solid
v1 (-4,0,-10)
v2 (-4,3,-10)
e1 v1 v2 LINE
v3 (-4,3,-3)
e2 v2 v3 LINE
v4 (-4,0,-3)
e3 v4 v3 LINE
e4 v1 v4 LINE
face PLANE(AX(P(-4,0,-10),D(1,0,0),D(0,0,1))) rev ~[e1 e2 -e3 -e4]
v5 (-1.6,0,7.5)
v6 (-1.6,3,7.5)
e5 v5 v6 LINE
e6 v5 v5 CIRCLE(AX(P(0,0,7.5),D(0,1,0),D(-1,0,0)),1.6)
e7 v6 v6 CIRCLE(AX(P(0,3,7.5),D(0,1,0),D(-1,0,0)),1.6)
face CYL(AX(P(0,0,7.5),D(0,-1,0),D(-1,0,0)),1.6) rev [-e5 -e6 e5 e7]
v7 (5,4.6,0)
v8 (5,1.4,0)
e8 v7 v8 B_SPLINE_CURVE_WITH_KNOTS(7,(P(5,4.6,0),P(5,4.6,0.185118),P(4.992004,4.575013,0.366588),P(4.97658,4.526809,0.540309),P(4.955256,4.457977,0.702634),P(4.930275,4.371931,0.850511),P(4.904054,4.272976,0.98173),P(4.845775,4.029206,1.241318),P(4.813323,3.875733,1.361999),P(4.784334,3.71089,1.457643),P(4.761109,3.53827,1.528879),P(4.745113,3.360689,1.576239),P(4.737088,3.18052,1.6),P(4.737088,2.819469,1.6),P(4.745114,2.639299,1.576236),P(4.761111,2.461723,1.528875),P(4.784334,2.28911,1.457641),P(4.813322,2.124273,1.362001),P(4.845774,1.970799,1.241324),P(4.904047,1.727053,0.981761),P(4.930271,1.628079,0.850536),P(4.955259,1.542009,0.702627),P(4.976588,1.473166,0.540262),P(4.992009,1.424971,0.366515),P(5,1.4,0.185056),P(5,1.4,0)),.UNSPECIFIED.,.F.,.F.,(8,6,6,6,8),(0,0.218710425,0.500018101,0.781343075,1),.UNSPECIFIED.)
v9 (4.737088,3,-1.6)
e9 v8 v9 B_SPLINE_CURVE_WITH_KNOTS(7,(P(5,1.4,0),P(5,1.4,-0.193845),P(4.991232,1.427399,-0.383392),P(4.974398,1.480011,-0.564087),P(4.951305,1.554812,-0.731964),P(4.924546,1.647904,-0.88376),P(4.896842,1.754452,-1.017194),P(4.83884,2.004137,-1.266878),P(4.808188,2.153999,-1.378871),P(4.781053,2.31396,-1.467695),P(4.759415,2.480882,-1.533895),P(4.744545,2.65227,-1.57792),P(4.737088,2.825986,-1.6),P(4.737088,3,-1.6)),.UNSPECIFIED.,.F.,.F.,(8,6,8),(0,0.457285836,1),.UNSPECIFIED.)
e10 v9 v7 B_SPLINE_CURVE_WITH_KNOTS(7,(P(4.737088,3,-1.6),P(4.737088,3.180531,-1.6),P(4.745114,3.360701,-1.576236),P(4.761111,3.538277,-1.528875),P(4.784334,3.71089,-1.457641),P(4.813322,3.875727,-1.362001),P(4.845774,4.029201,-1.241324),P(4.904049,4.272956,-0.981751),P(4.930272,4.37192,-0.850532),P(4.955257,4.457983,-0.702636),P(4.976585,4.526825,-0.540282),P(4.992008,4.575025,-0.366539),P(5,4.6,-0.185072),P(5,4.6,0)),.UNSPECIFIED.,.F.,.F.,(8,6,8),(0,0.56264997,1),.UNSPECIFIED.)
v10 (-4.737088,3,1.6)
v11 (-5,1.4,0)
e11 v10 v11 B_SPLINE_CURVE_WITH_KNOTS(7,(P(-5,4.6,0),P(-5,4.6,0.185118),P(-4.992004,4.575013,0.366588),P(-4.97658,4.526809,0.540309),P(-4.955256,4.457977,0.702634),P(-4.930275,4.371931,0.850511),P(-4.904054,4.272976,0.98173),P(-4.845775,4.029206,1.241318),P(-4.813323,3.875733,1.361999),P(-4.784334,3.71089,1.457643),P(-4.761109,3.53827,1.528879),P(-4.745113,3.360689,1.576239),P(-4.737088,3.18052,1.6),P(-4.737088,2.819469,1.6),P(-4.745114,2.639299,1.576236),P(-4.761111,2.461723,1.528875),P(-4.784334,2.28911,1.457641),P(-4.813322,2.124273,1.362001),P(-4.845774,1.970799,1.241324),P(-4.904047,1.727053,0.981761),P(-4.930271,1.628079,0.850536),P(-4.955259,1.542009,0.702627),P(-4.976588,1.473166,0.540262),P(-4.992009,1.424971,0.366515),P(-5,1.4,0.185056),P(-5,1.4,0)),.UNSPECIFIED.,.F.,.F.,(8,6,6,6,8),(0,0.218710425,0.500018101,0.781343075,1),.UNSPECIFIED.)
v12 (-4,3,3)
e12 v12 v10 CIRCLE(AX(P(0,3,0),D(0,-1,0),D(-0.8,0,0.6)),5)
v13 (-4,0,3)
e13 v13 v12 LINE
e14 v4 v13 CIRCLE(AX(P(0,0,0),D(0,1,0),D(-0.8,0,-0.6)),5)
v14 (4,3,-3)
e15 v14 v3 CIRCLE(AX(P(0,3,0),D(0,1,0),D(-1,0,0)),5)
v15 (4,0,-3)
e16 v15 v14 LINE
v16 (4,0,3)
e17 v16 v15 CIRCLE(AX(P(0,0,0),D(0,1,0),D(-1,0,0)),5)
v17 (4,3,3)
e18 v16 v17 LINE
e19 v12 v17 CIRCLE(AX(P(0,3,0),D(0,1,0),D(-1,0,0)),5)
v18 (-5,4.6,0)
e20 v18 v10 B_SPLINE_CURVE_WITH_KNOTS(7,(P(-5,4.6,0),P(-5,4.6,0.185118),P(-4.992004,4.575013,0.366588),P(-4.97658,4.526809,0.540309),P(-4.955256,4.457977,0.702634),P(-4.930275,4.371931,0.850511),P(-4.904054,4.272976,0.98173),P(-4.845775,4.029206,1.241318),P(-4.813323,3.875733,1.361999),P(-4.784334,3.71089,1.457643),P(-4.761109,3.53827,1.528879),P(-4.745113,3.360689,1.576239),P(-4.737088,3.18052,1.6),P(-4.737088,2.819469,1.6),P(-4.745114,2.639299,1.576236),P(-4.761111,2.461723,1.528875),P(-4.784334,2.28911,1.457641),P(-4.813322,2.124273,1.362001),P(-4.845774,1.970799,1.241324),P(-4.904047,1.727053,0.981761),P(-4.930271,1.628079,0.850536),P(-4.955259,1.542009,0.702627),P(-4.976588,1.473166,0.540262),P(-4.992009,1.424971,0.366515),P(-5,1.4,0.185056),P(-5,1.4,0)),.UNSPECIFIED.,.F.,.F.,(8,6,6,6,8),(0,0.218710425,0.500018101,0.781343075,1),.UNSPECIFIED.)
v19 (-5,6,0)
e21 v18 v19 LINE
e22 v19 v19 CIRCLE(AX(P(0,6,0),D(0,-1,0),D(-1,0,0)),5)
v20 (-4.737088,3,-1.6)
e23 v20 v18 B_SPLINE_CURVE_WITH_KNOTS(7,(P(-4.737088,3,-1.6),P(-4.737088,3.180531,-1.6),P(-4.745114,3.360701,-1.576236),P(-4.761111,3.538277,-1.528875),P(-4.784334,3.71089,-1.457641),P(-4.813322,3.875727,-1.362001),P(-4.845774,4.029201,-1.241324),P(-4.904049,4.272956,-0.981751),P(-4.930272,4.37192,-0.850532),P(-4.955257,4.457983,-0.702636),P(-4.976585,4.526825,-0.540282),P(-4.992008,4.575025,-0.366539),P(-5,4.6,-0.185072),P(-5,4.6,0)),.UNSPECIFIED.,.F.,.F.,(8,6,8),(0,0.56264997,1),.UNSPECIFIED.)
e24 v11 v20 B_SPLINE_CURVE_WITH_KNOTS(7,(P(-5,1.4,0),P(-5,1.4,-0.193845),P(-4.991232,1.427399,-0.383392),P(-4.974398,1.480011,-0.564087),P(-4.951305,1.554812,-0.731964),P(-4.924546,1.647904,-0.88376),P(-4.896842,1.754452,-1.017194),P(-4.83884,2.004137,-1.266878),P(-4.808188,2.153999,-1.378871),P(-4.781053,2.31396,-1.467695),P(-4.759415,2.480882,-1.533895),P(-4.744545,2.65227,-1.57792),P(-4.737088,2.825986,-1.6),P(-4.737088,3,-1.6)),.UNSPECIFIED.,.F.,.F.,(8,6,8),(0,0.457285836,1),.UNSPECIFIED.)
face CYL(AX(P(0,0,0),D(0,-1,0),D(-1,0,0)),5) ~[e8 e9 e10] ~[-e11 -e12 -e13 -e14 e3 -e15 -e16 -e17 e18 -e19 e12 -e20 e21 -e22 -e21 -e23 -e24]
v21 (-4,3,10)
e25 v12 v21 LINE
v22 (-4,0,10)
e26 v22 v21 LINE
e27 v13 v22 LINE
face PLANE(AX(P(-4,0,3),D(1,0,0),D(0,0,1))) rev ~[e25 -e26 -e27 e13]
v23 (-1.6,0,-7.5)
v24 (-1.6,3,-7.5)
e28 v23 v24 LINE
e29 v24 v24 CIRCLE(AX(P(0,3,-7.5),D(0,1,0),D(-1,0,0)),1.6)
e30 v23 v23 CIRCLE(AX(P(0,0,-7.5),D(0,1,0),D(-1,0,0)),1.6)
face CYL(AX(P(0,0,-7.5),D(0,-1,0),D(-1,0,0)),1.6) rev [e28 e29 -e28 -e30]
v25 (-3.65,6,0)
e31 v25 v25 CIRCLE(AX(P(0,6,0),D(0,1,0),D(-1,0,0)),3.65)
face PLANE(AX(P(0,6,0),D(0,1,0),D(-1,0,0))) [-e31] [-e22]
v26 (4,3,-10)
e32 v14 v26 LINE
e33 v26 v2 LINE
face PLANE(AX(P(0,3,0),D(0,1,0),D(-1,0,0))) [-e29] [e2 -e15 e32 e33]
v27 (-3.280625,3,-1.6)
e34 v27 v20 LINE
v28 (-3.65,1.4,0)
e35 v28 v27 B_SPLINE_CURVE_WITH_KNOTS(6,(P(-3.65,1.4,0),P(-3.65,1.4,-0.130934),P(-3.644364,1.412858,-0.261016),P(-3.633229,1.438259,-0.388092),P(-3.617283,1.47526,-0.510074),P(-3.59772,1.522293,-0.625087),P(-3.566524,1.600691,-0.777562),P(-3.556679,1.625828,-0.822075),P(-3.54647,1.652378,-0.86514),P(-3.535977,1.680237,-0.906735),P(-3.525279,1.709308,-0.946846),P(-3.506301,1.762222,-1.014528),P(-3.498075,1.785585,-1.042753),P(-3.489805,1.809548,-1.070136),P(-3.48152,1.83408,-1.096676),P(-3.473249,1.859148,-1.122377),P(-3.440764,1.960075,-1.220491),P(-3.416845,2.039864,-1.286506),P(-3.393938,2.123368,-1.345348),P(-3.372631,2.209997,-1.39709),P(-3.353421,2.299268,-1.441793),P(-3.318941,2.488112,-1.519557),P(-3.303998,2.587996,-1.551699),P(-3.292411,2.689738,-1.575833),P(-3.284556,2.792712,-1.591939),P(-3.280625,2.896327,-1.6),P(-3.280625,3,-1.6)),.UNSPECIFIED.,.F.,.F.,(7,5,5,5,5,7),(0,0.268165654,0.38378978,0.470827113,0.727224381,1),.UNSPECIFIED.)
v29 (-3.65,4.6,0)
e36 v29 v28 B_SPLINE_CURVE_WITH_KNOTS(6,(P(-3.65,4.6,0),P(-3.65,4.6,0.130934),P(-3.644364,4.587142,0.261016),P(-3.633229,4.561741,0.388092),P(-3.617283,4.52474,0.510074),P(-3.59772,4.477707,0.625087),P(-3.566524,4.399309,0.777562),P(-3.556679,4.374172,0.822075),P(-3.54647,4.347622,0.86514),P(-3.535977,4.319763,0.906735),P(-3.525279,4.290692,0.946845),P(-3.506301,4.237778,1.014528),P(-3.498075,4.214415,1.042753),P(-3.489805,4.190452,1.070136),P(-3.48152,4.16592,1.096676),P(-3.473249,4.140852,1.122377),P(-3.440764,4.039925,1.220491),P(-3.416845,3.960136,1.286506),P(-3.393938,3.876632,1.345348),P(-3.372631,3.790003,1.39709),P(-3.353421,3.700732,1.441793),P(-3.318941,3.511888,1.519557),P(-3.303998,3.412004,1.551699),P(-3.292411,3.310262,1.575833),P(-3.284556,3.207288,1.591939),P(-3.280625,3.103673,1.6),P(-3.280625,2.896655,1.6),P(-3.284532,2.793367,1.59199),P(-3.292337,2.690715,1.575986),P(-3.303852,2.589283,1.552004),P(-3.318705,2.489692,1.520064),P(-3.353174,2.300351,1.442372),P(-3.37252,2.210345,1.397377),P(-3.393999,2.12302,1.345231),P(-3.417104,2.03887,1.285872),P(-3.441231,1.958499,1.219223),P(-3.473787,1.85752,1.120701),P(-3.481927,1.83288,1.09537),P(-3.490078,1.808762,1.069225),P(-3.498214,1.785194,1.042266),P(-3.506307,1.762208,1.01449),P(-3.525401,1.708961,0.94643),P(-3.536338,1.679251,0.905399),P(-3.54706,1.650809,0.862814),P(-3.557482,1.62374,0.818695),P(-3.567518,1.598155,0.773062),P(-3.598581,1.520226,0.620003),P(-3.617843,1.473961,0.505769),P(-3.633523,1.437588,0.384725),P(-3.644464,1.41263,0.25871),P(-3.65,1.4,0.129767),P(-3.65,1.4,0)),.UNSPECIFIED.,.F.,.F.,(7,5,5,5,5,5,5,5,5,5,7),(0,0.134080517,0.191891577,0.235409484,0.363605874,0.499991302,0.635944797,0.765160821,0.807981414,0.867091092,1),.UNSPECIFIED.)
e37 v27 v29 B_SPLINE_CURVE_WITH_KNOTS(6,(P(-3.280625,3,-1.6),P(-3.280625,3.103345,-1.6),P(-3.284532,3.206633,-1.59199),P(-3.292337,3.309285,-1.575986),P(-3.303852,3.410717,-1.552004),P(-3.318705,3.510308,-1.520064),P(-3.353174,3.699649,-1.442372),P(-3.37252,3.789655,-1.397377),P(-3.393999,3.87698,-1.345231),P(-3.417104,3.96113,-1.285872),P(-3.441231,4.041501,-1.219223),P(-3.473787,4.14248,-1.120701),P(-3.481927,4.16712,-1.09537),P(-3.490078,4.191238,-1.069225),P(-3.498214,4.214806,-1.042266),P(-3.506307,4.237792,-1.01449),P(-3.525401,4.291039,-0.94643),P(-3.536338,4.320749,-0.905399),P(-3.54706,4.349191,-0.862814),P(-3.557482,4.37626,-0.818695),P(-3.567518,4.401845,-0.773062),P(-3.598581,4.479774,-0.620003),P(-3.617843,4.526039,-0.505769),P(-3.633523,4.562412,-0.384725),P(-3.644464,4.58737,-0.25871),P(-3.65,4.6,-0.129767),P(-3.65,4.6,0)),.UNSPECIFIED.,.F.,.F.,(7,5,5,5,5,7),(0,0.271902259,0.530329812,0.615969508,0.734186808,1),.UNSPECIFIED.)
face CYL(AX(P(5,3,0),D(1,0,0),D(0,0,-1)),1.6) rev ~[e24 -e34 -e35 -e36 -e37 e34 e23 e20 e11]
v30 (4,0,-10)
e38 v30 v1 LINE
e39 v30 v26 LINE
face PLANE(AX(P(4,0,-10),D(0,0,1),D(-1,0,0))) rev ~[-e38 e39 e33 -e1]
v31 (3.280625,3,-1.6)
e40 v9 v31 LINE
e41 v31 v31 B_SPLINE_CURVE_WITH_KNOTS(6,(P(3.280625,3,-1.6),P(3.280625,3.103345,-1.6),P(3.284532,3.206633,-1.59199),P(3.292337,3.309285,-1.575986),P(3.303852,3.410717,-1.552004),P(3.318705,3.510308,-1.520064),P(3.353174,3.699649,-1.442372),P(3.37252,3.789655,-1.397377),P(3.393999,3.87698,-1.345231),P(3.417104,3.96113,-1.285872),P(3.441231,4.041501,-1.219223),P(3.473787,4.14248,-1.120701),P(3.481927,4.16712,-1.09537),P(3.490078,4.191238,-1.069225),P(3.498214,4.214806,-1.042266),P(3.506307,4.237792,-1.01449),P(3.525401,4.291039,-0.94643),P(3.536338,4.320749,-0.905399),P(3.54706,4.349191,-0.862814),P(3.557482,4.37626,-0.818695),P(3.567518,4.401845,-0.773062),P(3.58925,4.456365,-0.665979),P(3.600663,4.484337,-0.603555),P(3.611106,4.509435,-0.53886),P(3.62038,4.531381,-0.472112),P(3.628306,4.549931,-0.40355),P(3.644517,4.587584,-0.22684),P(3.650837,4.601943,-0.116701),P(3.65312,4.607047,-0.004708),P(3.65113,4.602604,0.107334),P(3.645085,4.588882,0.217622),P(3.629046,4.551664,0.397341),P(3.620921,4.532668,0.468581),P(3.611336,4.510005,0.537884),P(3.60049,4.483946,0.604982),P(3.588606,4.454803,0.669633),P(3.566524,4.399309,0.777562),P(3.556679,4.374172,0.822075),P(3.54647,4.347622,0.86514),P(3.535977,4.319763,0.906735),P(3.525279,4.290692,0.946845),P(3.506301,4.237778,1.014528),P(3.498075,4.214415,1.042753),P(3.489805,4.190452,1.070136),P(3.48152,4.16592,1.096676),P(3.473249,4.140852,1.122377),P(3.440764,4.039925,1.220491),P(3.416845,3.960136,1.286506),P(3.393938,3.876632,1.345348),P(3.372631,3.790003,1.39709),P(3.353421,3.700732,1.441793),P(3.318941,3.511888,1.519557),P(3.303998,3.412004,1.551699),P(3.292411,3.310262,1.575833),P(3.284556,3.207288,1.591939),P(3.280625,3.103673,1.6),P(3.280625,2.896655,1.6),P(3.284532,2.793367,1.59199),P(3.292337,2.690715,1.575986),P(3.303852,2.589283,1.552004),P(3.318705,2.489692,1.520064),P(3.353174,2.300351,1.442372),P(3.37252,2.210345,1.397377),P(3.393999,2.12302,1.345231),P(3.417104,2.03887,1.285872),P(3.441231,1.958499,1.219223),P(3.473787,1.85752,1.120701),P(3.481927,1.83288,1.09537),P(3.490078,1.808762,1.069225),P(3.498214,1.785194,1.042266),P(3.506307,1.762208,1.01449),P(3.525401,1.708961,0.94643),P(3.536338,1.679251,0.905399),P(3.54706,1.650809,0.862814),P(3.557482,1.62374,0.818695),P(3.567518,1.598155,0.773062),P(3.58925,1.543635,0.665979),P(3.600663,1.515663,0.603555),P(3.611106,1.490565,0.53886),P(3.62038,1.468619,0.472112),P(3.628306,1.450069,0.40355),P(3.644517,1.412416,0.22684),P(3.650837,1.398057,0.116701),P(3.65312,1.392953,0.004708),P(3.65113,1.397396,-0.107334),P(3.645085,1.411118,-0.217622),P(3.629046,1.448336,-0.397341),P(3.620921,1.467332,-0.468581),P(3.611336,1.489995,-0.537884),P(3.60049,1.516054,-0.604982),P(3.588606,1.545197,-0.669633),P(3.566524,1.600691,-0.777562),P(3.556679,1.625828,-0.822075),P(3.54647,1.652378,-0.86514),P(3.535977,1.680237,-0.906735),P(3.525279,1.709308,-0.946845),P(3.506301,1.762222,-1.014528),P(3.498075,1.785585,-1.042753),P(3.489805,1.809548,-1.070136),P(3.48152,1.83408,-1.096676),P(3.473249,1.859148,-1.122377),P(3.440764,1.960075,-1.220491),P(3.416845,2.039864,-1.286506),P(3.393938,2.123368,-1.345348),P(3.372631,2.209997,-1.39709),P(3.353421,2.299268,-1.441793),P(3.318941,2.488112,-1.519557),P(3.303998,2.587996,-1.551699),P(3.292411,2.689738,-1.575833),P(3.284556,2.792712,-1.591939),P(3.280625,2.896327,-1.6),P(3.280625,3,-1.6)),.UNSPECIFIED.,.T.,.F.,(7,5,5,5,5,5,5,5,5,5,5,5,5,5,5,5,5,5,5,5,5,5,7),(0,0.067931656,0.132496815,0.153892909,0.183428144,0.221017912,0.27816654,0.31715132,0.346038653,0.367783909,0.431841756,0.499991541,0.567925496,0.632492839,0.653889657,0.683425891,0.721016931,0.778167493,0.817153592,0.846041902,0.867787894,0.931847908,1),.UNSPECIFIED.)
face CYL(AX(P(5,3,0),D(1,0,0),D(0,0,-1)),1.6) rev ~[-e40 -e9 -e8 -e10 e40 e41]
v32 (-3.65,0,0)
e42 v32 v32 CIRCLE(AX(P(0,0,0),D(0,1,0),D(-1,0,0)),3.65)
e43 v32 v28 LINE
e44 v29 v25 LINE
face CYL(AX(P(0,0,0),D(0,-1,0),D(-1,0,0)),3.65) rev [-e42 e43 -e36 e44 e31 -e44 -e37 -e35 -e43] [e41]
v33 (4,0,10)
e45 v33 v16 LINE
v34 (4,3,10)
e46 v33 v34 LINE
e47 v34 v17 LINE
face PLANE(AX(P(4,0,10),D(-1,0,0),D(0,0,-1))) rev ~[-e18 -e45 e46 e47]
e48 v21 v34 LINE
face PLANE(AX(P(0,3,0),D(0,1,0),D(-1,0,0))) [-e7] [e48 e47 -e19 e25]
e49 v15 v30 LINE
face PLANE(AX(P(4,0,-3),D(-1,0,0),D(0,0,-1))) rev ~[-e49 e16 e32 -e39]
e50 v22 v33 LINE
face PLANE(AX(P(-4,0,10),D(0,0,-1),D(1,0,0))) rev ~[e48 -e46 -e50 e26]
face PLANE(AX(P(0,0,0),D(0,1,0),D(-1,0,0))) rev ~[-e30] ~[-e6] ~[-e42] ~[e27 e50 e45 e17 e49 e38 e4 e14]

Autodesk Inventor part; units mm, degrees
ref_plane "YZ Plane" through (0, 0, 0) normal (1, 0, 0) x (0, 1, 0)
ref_plane "XZ Plane" through (0, 0, 0) normal (0, 1, 0) x (-1, 0, 0)
sketch "Sketch1" plane through (0, 0, 0) normal (0, 1, 0) x (-1, 0, 0)
  circle A0 centre (0, 0) radius 3.65
  circle A1 centre (0, 0) radius 5
  line L0 (4, 10) -> (-4, 10)
  line L1 (-4, 10) -> (-4, -10)
  line L2 (-4, -10) -> (4, -10)
  line L3 (4, -10) -> (4, 10)
  line L4 (4, 10) -> (-4, -10) construction
  line L5 (-4, 10) -> (4, -10) construction
  circle A2 centre (0, 7.5) radius 1.6
  circle A3 centre (0, -7.5) radius 1.6
  point P0 (4, -3)
  point P1 (-4, -3)
  point P2 (4, 3)
  point P3 (-4, 3)
  dimension "d0" = 7.3
  dimension "d1" = 10
  dimension "d2" = 20
  dimension "d3" = 3.2
  dimension "d4" = 2.5
  dimension "d5" = 3.2
  dimension "d6" = 2.5
extrude "Extrusion1" add sketch "Sketch1" along normal blind 3 contours A1 L3 | A1 L1 L0 L3 | L3 L2 L1 A1 | L1 A1
extrude "Extrusion2" add sketch "Sketch1" along normal blind 6 contours A1 L3 | L3 A1 L1 | L1 A1
ref_plane "Work Plane1" through (5, 0, 0) normal (1, 0, 0) x (0, 0, -1)
sketch "Sketch2" plane through (5, 0, 0) normal (1, 0, 0) x (0, 0, -1)
  circle A0 centre (0, 3) radius 1.6
  point P0 (0, 0)
  dimension "d11" = 3.2
extrude "Extrusion3" cut sketch "Sketch2" against normal blind 10
properties part number "Fix Bracket Lifter"
